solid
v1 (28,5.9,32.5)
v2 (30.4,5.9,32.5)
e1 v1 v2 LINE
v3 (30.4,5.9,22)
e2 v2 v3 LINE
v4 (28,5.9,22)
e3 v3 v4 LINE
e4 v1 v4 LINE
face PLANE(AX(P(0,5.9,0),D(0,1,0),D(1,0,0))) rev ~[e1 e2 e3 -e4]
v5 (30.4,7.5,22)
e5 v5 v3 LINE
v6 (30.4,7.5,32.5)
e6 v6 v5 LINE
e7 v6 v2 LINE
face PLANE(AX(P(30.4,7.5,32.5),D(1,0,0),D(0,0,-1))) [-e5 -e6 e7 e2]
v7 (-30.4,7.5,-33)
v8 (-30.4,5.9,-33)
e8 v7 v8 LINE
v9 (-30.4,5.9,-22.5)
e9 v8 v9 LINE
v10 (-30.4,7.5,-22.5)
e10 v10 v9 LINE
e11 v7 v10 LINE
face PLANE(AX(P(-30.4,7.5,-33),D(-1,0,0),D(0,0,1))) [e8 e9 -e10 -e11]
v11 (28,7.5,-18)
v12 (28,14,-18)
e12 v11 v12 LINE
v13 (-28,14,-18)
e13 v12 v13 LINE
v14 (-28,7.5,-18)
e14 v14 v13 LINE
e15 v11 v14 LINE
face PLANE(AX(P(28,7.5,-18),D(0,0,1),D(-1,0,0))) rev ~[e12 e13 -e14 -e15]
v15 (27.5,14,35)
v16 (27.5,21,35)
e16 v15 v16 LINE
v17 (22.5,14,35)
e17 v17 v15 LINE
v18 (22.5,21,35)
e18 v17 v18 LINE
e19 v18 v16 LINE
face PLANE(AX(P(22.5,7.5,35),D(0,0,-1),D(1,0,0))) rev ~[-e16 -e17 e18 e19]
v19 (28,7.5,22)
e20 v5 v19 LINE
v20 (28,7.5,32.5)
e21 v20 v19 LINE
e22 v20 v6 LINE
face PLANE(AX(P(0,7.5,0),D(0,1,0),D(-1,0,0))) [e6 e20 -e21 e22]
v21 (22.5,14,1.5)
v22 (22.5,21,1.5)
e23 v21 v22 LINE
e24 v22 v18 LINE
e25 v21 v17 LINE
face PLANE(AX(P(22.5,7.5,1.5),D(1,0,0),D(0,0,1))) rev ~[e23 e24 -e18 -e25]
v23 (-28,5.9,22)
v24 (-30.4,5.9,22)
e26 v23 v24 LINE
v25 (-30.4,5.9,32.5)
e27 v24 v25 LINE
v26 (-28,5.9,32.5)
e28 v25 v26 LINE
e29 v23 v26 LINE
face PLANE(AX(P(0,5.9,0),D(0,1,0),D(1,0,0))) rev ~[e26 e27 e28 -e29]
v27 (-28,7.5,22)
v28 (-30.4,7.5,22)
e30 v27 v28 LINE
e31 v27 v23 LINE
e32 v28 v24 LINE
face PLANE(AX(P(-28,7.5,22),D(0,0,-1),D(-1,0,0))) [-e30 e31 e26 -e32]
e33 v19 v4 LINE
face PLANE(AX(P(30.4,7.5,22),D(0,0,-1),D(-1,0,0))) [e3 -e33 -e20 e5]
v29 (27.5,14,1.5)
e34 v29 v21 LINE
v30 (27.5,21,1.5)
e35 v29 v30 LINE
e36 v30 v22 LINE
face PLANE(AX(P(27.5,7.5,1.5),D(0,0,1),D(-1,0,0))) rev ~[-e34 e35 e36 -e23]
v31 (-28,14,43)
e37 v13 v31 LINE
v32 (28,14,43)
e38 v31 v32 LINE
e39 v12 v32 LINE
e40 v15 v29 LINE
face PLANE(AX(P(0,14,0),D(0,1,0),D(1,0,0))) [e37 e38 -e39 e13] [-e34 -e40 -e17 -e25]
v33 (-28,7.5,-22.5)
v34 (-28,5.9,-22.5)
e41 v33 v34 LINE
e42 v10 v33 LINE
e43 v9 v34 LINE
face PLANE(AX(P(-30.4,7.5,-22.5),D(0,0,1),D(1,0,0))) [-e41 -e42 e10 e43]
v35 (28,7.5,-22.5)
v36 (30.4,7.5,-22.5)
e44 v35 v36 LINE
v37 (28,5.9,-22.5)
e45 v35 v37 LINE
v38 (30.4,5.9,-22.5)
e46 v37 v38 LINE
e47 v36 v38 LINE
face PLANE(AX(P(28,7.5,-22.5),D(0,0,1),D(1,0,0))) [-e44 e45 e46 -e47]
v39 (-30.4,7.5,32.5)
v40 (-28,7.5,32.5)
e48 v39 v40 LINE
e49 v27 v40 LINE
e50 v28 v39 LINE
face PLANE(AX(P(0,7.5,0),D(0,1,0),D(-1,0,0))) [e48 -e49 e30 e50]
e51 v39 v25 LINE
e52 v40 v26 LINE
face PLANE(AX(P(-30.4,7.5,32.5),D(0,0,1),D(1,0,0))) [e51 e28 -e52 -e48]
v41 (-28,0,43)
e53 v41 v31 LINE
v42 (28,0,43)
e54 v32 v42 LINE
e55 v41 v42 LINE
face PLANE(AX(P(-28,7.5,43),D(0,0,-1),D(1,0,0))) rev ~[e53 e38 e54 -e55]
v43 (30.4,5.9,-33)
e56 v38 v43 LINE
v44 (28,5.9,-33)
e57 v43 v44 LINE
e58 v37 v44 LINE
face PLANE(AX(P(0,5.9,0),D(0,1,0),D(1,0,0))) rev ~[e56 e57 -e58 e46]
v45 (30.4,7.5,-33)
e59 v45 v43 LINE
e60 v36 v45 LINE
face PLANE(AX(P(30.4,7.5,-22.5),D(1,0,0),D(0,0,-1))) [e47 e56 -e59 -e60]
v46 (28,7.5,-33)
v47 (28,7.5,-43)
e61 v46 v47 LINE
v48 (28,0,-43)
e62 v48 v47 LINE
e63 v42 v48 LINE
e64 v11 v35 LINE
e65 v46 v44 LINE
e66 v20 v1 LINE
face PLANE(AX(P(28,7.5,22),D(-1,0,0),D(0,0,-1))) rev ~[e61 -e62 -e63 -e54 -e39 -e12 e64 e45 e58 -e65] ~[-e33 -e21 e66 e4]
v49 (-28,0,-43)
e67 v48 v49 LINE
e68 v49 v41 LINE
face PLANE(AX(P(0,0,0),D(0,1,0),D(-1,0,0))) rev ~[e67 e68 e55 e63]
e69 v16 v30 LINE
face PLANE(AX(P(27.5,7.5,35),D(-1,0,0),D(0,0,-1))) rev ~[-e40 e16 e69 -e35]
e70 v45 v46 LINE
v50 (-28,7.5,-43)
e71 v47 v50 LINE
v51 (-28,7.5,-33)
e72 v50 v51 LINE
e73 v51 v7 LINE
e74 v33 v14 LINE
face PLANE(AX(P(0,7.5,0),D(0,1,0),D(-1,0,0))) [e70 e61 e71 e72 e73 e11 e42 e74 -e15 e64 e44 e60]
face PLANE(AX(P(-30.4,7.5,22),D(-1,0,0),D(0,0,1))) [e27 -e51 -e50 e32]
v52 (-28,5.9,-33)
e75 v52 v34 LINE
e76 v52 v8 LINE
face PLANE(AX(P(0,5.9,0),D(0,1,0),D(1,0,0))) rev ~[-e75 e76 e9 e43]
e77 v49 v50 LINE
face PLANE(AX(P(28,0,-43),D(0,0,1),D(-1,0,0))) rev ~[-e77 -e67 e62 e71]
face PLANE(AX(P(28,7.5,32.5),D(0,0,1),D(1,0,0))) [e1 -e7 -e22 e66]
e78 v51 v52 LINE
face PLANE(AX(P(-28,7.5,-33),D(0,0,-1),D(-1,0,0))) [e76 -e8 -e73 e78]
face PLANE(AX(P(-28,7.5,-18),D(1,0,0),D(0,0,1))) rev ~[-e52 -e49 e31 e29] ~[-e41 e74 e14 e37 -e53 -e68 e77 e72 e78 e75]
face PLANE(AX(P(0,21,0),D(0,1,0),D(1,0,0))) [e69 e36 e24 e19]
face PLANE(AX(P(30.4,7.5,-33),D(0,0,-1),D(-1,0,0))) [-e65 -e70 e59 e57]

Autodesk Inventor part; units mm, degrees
ref_plane "YZ Plane" through (0, 0, 0) normal (1, 0, 0) x (0, 1, 0)
ref_plane "XZ Plane" through (0, 0, 0) normal (0, 1, 0) x (-1, 0, 0)
ref_plane "XY Plane" through (0, 0, 0) normal (0, 0, 1) x (1, 0, 0)
sketch "Sketch1" plane through (0, 0, 0) normal (0, 1, 0) x (-1, 0, 0)
  line L0 (28, 43) -> (-28, 43)
  line L1 (-28, 43) -> (-28, -43)
  line L2 (-28, -43) -> (28, -43)
  line L3 (28, -43) -> (28, 43)
  point P0 (0, 0)
  dimension "d0" = 56
  dimension "d1" = 86
  dimension "d4" = 28
  dimension "d5" = 43
extrude "Extrusion1" add sketch "Sketch1" along normal blind 7.5
sketch "Sketch3" plane through (0, 7.5, 0) normal (0, 1, 0) x (1, 0, 0)
  line L0 (22.5, -35) -> (27.5, -35)
  line L1 (27.5, -35) -> (27.5, -1.5)
  line L2 (27.5, -1.5) -> (22.5, -1.5)
  line L3 (22.5, -1.5) -> (22.5, -35)
  line L4 (-28, -43) -> (28, -43) projected
  line L5 (28, -43) -> (28, 43) projected
  point P0 (0, 0)
  dimension "d6" = 33.5
  dimension "d7" = 5
  dimension "d8" = 8
  dimension "d9" = 0.5
extrude "Extrusion2" add sketch "Sketch3" along normal blind 13.5
sketch "Sketch4" plane through (0, 7.5, 0) normal (0, 1, 0) x (1, 0, 0)
  line L0 (-28, 43) -> (-28, -43) projected
  line L1 (-30.4, -32.5) -> (-28, -32.5)
  line L2 (-28, -32.5) -> (-28, -22)
  line L3 (-28, -22) -> (-30.4, -22)
  line L4 (-30.4, -22) -> (-30.4, -32.5)
  line L5 (-30.4, 22.5) -> (-28, 22.5)
  line L6 (-28, 22.5) -> (-28, 33)
  line L7 (-28, 33) -> (-30.4, 33)
  line L8 (-30.4, 33) -> (-30.4, 22.5)
  line L9 (28, -43) -> (28, 43) projected
  line L10 (28, 22.5) -> (30.4, 22.5)
  line L11 (30.4, 22.5) -> (30.4, 33)
  line L12 (30.4, 33) -> (28, 33)
  line L13 (28, 33) -> (28, 22.5)
  line L14 (28, -32.5) -> (30.4, -32.5)
  line L15 (30.4, -32.5) -> (30.4, -22)
  line L16 (30.4, -22) -> (28, -22)
  line L17 (28, -22) -> (28, -32.5)
  line L18 (-28, -43) -> (28, -43) projected
  line L19 (28, 43) -> (-28, 43) projected
  point P0 (0, 0)
  dimension "d12" = 10.5
  dimension "d13" = 10.5
  dimension "d14" = 10.5
  dimension "d15" = 10
  dimension "d16" = 2.4
  dimension "d17" = 2.4
extrude "Extrusion3" add sketch "Sketch4" against normal blind 1.6 contours L0 L5 L8 L7 | L12 L11 L10 L9 | L0 L1 L4 L3 | L16 L15 L14 L9
sketch "Sketch5" plane through (0, 7.5, 0) normal (0, 1, 0) x (1, 0, 0)
  line L0 (-28, 43) -> (-28, -43) projected
  line L1 (28, -22) -> (28, 22.5) projected
  line L2 (-28, -43) -> (28, -43)
  line L3 (28, -43) -> (28, 18)
  line L4 (28, 18) -> (-28, 18)
  line L5 (-28, 18) -> (-28, -43)
  line L6 (28, 43) -> (-28, 43) projected
  point P0 (0, 0)
  dimension "d20" = 25
extrude "Extrusion4" add sketch "Sketch5" along normal blind 6.5
properties part number "Screen_Model"
